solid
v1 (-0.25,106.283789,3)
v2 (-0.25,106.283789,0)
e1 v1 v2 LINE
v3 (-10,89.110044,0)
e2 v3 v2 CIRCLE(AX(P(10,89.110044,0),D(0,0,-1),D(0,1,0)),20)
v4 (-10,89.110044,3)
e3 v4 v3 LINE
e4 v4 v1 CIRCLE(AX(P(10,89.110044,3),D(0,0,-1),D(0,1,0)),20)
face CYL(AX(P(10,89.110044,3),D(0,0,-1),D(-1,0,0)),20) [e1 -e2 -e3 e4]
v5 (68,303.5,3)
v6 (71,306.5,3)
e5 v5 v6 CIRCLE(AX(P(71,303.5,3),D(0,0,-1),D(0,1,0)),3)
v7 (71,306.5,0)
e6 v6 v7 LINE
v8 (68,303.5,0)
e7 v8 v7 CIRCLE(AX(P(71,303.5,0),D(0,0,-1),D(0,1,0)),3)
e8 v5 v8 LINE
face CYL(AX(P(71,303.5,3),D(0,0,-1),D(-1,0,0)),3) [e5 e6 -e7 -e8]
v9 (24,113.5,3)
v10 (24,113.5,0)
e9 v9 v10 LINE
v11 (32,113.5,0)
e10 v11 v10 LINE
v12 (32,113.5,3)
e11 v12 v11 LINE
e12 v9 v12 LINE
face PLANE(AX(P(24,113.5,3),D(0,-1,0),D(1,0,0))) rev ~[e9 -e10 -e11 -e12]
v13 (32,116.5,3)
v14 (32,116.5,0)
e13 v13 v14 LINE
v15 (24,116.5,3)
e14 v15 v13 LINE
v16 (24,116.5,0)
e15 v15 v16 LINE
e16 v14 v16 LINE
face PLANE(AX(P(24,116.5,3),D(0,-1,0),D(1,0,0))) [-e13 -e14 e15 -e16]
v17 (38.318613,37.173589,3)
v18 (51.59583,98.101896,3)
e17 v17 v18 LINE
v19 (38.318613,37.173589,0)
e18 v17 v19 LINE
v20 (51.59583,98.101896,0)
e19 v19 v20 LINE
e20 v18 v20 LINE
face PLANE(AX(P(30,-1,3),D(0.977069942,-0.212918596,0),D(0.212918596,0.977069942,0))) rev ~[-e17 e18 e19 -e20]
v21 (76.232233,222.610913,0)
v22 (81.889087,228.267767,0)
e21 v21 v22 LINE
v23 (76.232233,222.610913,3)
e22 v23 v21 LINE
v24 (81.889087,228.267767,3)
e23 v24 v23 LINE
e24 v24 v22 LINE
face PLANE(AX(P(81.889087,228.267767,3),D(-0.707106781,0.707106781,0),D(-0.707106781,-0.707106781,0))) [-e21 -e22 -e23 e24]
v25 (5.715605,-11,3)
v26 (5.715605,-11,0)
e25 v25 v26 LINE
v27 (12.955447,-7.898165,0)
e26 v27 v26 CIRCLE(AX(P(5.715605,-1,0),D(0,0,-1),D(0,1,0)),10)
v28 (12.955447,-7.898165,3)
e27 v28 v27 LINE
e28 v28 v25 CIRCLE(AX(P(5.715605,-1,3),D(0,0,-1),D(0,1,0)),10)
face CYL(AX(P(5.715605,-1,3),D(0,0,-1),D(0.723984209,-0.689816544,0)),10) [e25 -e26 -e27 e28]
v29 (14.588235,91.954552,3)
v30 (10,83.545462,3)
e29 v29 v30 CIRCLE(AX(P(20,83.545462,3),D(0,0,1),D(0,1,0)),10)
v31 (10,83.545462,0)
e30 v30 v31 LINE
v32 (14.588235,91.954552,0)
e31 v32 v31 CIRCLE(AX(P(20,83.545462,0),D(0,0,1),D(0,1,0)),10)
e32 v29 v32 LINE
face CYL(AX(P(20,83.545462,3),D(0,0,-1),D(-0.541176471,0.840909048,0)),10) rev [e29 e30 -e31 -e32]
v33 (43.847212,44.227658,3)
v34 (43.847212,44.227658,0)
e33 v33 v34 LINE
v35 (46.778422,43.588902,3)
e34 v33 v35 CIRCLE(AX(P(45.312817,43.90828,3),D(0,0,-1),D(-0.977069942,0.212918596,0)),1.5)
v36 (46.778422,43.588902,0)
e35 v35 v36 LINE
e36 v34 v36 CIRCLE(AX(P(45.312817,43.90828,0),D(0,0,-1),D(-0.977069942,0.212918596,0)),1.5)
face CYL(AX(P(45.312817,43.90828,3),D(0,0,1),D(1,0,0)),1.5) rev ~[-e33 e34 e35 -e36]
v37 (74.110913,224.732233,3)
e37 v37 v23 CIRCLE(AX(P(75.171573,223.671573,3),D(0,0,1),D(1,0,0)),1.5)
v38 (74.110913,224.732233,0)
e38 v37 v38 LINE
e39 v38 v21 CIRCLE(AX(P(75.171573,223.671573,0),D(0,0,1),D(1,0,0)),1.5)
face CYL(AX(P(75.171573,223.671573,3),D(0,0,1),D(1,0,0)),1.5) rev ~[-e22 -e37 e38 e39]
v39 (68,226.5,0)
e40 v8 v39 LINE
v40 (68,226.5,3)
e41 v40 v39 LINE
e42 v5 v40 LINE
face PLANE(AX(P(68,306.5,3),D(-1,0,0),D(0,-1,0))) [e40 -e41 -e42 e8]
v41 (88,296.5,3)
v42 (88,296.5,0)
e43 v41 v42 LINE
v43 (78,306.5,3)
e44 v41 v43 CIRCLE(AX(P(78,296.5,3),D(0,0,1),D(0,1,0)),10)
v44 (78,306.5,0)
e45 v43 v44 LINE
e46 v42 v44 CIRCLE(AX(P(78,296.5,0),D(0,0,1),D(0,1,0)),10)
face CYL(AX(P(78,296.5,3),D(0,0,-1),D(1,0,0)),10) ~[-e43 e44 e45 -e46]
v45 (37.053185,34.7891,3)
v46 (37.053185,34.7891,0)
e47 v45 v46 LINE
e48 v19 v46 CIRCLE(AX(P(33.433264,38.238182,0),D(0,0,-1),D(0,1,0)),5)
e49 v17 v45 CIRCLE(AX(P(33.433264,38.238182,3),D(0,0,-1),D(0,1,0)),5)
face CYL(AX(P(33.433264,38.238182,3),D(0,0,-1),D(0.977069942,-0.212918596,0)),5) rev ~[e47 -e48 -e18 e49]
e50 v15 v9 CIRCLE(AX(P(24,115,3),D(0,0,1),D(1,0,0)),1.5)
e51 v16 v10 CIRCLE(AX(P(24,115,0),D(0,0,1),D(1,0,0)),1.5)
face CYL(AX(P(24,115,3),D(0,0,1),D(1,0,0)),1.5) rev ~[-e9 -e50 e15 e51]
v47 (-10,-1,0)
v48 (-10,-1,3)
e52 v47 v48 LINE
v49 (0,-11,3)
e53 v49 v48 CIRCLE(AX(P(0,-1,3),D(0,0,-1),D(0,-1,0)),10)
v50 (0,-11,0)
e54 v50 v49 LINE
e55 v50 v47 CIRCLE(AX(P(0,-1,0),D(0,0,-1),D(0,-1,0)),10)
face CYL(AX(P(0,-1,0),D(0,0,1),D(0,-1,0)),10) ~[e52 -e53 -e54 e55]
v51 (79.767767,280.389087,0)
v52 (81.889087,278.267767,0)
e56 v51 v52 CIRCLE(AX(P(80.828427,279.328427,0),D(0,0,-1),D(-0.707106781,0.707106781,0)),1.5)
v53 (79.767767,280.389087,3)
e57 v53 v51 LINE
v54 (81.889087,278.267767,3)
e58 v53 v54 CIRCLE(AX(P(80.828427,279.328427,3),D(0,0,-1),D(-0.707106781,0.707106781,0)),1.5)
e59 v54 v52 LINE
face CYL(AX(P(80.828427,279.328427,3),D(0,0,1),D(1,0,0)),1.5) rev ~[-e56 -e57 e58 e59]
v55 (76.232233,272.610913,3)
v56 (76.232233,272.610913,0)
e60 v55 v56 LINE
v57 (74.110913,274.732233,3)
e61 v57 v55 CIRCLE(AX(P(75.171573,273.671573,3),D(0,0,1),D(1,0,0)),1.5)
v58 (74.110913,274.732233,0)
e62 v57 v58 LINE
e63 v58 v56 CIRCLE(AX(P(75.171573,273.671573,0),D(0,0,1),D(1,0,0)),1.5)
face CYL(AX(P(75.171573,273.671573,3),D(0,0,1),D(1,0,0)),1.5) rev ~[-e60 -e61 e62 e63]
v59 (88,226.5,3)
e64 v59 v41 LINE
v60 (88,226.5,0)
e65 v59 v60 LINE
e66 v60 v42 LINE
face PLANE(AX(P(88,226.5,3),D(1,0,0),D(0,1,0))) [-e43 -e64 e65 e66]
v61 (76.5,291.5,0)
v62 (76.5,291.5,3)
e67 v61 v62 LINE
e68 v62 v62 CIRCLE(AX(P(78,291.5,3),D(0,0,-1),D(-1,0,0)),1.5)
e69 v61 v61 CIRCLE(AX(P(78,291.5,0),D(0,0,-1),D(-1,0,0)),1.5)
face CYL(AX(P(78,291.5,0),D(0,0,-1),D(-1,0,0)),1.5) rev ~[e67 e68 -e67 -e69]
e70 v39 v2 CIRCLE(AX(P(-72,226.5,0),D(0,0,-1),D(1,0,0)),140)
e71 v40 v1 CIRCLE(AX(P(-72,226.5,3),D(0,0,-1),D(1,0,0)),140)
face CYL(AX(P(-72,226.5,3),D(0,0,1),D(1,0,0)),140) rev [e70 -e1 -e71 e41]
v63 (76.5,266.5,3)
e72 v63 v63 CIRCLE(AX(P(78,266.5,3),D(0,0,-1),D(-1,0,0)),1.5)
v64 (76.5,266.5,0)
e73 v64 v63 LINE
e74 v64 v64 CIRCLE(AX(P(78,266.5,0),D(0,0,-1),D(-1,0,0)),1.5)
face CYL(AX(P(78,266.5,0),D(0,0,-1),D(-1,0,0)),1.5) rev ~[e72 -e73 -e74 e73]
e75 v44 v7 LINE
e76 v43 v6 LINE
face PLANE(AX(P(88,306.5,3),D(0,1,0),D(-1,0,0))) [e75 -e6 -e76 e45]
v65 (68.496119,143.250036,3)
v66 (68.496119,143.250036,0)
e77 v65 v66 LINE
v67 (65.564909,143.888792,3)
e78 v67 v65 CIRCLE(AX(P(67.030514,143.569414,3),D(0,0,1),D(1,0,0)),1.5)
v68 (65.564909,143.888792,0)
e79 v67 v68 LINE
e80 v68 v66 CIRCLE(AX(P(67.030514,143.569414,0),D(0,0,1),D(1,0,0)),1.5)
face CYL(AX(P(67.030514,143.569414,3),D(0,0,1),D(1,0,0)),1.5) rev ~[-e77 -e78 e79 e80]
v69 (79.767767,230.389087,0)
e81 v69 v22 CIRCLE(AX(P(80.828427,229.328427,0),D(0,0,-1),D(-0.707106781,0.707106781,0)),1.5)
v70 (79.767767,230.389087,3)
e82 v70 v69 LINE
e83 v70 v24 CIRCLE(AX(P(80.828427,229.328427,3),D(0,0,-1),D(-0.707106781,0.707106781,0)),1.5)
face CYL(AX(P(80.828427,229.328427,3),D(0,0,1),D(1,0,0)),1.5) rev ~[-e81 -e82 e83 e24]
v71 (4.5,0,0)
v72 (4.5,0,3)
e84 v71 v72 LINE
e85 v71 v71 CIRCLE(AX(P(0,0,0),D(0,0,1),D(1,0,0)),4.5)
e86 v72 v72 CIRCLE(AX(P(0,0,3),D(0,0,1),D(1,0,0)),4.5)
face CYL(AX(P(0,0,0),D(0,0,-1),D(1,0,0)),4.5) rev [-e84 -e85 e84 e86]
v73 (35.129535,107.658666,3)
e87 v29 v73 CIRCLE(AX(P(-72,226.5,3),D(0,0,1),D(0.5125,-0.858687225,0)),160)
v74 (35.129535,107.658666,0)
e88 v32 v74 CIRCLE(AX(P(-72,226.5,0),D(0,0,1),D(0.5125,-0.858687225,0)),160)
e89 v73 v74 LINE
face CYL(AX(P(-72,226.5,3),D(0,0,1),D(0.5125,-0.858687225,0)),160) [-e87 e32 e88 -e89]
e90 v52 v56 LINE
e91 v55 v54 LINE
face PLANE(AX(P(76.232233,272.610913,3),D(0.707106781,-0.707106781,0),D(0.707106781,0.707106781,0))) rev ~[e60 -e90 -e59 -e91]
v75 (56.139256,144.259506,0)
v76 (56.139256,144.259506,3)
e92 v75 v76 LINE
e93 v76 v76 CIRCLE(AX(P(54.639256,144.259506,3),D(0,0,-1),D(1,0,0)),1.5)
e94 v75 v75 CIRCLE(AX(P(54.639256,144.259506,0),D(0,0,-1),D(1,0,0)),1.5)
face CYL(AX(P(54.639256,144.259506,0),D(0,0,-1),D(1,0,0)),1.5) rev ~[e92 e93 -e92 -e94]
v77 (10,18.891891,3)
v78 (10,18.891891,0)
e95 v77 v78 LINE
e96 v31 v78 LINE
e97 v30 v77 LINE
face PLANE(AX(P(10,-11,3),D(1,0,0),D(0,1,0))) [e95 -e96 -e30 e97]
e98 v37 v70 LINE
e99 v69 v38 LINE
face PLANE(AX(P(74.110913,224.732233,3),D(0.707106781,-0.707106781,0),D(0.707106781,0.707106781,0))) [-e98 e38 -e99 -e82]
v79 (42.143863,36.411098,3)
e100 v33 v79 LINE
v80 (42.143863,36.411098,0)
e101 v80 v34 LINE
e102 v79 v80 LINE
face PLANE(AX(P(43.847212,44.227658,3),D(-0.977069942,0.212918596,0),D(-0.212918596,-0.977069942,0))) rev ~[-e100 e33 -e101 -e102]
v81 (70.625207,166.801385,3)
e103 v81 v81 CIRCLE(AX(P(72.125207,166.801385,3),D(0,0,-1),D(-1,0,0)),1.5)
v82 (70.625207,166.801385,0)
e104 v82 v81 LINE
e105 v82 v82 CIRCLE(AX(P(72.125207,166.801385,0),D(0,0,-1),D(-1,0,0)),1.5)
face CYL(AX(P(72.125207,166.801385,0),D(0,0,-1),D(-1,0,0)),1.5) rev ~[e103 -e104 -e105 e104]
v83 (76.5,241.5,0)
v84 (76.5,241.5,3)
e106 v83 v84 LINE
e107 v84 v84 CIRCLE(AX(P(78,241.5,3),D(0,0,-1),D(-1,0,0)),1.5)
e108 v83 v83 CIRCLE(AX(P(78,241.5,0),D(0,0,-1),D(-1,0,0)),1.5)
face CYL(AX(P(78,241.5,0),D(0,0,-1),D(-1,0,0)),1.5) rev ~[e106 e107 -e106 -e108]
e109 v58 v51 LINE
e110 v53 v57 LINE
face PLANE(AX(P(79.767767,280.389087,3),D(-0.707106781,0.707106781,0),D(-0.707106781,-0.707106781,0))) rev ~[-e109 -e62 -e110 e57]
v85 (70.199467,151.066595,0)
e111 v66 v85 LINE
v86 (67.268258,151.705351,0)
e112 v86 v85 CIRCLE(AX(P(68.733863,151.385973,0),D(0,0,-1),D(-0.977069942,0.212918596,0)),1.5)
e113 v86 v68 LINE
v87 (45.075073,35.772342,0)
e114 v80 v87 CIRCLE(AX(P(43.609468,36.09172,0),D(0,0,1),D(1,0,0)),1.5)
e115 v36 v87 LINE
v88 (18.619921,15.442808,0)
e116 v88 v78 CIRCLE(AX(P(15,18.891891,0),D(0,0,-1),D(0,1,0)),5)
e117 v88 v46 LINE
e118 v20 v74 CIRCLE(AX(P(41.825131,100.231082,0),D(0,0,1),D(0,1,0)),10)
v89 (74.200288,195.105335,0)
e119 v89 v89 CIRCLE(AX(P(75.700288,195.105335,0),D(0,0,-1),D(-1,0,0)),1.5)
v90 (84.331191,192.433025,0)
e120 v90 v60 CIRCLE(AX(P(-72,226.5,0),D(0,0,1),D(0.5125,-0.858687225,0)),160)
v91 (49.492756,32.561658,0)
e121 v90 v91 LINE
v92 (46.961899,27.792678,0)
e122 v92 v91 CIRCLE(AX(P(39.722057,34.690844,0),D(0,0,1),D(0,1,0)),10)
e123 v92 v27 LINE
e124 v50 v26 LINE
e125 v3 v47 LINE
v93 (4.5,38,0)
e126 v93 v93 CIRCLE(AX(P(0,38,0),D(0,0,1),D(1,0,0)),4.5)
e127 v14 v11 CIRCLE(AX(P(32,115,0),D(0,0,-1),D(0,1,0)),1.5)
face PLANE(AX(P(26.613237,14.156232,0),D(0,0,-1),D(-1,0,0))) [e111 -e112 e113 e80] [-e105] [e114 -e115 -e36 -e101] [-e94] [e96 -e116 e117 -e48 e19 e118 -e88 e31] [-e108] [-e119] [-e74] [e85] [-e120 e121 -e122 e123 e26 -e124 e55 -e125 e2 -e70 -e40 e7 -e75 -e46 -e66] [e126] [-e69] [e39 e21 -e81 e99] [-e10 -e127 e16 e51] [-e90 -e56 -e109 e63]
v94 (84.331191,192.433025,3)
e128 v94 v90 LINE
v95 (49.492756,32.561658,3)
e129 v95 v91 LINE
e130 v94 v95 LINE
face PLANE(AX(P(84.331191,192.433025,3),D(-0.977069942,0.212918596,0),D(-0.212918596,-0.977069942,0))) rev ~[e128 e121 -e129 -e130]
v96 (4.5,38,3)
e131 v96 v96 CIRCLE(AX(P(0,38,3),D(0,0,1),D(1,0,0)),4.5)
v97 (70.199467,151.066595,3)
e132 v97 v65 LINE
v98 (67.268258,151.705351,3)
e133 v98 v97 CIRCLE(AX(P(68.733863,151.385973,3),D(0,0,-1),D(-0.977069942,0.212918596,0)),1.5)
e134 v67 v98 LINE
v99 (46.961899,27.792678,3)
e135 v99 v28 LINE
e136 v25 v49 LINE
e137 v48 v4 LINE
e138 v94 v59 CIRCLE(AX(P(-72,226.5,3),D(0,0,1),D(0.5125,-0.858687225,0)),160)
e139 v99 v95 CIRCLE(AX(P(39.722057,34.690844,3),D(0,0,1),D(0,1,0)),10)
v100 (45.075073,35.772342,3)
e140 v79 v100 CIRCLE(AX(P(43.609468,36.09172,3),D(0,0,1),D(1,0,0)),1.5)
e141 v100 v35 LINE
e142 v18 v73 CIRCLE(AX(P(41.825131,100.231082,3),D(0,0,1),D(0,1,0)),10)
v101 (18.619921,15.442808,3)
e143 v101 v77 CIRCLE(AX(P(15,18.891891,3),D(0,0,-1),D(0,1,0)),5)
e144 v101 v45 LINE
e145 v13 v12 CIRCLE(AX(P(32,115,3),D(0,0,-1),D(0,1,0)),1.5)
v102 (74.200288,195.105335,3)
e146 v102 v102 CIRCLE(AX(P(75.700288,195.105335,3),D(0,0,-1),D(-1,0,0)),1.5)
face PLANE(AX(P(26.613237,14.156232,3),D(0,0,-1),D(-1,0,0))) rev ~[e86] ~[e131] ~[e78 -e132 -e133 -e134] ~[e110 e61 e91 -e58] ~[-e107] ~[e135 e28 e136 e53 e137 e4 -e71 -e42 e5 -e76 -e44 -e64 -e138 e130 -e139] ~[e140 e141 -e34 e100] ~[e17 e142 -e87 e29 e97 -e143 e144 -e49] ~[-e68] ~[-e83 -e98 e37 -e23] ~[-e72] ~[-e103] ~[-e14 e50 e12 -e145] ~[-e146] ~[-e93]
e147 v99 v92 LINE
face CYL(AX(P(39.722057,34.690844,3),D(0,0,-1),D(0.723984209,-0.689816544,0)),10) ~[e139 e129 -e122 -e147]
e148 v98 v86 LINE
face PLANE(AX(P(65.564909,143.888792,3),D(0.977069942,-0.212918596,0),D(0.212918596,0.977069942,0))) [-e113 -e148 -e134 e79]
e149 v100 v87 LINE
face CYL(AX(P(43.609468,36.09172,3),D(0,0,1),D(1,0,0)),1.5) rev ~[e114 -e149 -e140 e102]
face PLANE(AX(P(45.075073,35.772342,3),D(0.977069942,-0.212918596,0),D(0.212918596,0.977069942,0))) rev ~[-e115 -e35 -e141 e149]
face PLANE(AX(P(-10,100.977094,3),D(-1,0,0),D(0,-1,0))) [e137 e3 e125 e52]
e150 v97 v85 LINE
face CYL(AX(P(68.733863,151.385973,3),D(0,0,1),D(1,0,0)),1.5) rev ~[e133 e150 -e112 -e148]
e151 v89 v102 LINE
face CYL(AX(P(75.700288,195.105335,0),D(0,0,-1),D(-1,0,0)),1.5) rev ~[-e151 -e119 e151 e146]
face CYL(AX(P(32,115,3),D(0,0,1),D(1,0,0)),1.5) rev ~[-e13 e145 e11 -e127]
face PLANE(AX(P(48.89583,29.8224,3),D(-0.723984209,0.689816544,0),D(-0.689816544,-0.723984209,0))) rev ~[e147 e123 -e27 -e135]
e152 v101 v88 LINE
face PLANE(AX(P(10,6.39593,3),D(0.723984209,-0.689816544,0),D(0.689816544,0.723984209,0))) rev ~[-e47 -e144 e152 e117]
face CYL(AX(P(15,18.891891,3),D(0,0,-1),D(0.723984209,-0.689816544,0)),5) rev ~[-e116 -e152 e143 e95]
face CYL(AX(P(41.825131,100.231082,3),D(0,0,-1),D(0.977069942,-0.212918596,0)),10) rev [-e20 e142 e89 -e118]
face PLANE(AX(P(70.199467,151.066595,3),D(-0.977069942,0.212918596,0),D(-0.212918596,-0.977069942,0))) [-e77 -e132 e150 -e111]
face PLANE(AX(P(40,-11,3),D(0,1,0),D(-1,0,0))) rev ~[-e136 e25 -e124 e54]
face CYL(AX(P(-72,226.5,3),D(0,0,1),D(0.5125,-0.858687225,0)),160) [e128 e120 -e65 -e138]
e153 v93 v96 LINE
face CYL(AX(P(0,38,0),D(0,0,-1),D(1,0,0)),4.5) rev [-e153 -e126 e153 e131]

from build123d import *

# Parameters (mm, degrees)
SKETCH_1_W          = 20
SKETCH_1_H          = 60
SKETCH_1_R          = 4.5
EXTRUDE_1_DEPTH     = 3
EXTRUDE_2_DEPTH     = 3
EXTRUDE_START       = -3
EXTRUDE_3_DEPTH     = 3
FILLET_2_R          = 10
FILLET_3_R          = 20
FILLET_4_R          = 3
SKETCH_5_W          = 8
SKETCH_5_H          = 3
CUT_EXTRUDE_1_DEPTH = 319.896926922
SKETCH_7_R          = 1.5
CUT_EXTRUDE_2_DEPTH = 319.896926922
CUT_EXTRUDE_4_DEPTH = 10
EXTRUDE_4_DEPTH     = 3
FILLET_5_R          = 10
FILLET_6_R          = 10
FILLET_7_R          = 5
SKETCH_11_R         = 1.5
CUT_EXTRUDE_6_DEPTH = 319.896926922
SKETCH_12_R         = 1.5
CUT_EXTRUDE_7_DEPTH = 319.896926922


with BuildPart() as part:
    # 草图1 → 凸台-拉伸1 (new body)
    with BuildSketch(Plane.XY):
        with Locations((0, 19)):
            Rectangle(SKETCH_1_W, SKETCH_1_H)
        Circle(SKETCH_1_R, mode=Mode.SUBTRACT)
        with Locations((0, 38)):
            Circle(SKETCH_1_R, mode=Mode.SUBTRACT)
    extrude(amount=EXTRUDE_1_DEPTH)

    # 草图3 → 凸台-拉伸2 (add)
    with BuildSketch(Plane.XY.offset(3)):
        with BuildLine():
            Line((-10, 100.977093724), (-10, 79.00084746))
            ThreePointArc((-10, 79.00084746), (0.177205293, 83.704863402), (10, 89.110044035))
            ThreePointArc((10, 89.110044035), (67.140217047, 147.506329367), (88, 226.5))
            ThreePointArc((88, 226.5), (82.919333848, 266.5), (68, 303.959666924))
            Line((68, 303.959666924), (68, 226.5))
            ThreePointArc((68, 226.5), (46.91173197, 152.608187192), (-10, 100.977093724))
        make_face()
        with BuildLine():
            Line((-10, 79.00084746), (-10, 49))
            Line((-10, 49), (10, 49))
            Line((10, 49), (10, 89.110044035))
            ThreePointArc((10, 89.110044035), (0.177205293, 83.704863402), (-10, 79.00084746))
        make_face()
        with BuildLine():
            Line((68, 306.5), (68, 303.959666924))
            ThreePointArc((68, 303.959666924), (82.919333848, 266.5), (88, 226.5))
            Line((88, 226.5), (88, 306.5))
            Line((88, 306.5), (68, 306.5))
        make_face()
    extrude(amount=-EXTRUDE_2_DEPTH)

    # 草图4 → 凸台-拉伸3 (add)
    with BuildSketch(Plane(origin=(0, 0, 0), x_dir=(-1, 0, 0), z_dir=(0, 0, -1)).offset(EXTRUDE_START)):
        with BuildLine():
            Line((-40, -11), (-10, -11))
            Line((-10, -11), (-10, -1))
            Line((-10, -1), (-30, -1))
            Line((-30, -1), (-59.811855282, 135.804714527))
            ThreePointArc((-59.811855282, 135.804714527), (-74.827433124, 162.925595698), (-84.331190721, 192.433024677))
            Line((-84.331190721, 192.433024677), (-40, -11))
        make_face()
    extrude(amount=EXTRUDE_3_DEPTH)

    # 圆角2
    fillet_2_edges = [part.edges().sort_by_distance(p)[0] for p in [
        (88, 306.5, 1.5),
        (40, -11, 1.5),
        (-10, -11, 1.5),
    ]]
    fillet(fillet_2_edges, radius=FILLET_2_R)

    # 圆角3
    fillet_3_edges = [part.edges().sort_by_distance(p)[0] for p in [
        (-10, 100.977093724, 1.5),
    ]]
    fillet(fillet_3_edges, radius=FILLET_3_R)

    # 圆角4
    fillet_4_edges = [part.edges().sort_by_distance(p)[0] for p in [
        (68, 306.5, 1.5),
    ]]
    fillet(fillet_4_edges, radius=FILLET_4_R)

    # 草图5 → 切除-拉伸1 (cut, through all)
    with BuildSketch(Plane.XY.offset(3)):
        Polygon((46.77842194, 43.588901874), (43.847212114, 44.227657662), (42.143863348, 36.411098126), (45.075073174, 35.772342338), align=None)
        Polygon((70.199467474, 151.066595495), (68.496118708, 143.250035959), (65.564908882, 143.888791747), (67.268257648, 151.705351283), align=None)
        with Locations((28, 115)):
            Rectangle(SKETCH_5_W, SKETCH_5_H)
        Polygon((79.767766953, 280.389087297), (74.110912703, 274.732233047), (76.232233047, 272.610912703), (81.889087297, 278.267766953), align=None)
        Polygon((79.767766953, 230.389087297), (81.889087297, 228.267766953), (76.232233047, 222.610912703), (74.110912703, 224.732233047), align=None)
    extrude(amount=-CUT_EXTRUDE_1_DEPTH, mode=Mode.SUBTRACT)

    # 草图7 → 切除-拉伸2 (cut, through all)
    with BuildSketch(Plane(origin=(0, 0, 0), x_dir=(-1, 0, 0), z_dir=(0, 0, -1))):
        with Locations((-72.125207072, 166.801384551)):
            Circle(SKETCH_7_R)
        with Locations((-75.700287711, 195.105334687)):
            Circle(SKETCH_7_R)
        with Locations(Location((-54.63925576, 144.259505713, 0), (0, 0, 180))):
            Circle(SKETCH_7_R)
    extrude(amount=-CUT_EXTRUDE_2_DEPTH, mode=Mode.SUBTRACT)

    # 草图8 → 切除-拉伸4 (cut)
    with BuildSketch(Plane.XY.offset(3)):
        Polygon((37.268809589, 32.356106534), (48.895829905, 29.822399649), (39.17112789, -58.646231881), (10, -11), (10, -1), align=None)
    extrude(amount=-CUT_EXTRUDE_4_DEPTH, mode=Mode.SUBTRACT)

    # 草图9 → 凸台-拉伸4 (add)
    with BuildSketch(Plane.XY.offset(3)):
        Polygon((48.895829905, 29.822399649), (10, -11), (10, -0.039068456), (10, 6.39592954), (38.020150061, 35.803960345), (37.268809589, 32.356106534), align=None)
    extrude(amount=-EXTRUDE_4_DEPTH)

    # 圆角5
    fillet_5_edges = [part.edges().sort_by_distance(p)[0] for p in [
        (10, -11, 1.5),
        (48.895829905, 29.822399649, 1.5),
    ]]
    fillet(fillet_5_edges, radius=FILLET_5_R)

    # 圆角6
    fillet_6_edges = [part.edges().sort_by_distance(p)[0] for p in [
        (10, 89.110044035, 1.5),
        (59.811855282, 135.804714527, 1.5),
    ]]
    fillet(fillet_6_edges, radius=FILLET_6_R)

    # 圆角7
    fillet_7_edges = [part.edges().sort_by_distance(p)[0] for p in [
        (10, 6.39592954, 1.5),
        (38.020150061, 35.803960345, 1.5),
    ]]
    fillet(fillet_7_edges, radius=FILLET_7_R)

    # 草图11 → 切除-拉伸6 (cut, through all)
    with BuildSketch(Plane.XY.offset(3)):
        with Locations((24, 115)):
            Circle(SKETCH_11_R)
        with Locations((32, 115)):
            Circle(SKETCH_11_R)
        with Locations((43.609468261, 36.091720232)):
            Circle(SKETCH_11_R)
        with Locations((45.312817027, 43.908279768)):
            Circle(SKETCH_11_R)
        with Locations((67.030513795, 143.569413853)):
            Circle(SKETCH_11_R)
        with Locations((68.733862561, 151.385973389)):
            Circle(SKETCH_11_R)
        with Locations((80.828427125, 229.328427125)):
            Circle(SKETCH_11_R)
        with Locations((75.171572875, 223.671572875)):
            Circle(SKETCH_11_R)
        with Locations((80.828427125, 279.328427125)):
            Circle(SKETCH_11_R)
        with Locations((75.171572875, 273.671572875)):
            Circle(SKETCH_11_R)
    extrude(amount=-CUT_EXTRUDE_6_DEPTH, mode=Mode.SUBTRACT)

    # 草图12 → 切除-拉伸7 (cut, through all)
    with BuildSketch(Plane(origin=(0, 0, 0), x_dir=(-1, 0, 0), z_dir=(0, 0, -1))):
        with Locations((-78, 291.5)):
            Circle(SKETCH_12_R)
        with Locations((-78, 266.5)):
            Circle(SKETCH_12_R)
        with Locations((-78, 241.5)):
            Circle(SKETCH_12_R)
    extrude(amount=-CUT_EXTRUDE_7_DEPTH, mode=Mode.SUBTRACT)


solid = part.part
